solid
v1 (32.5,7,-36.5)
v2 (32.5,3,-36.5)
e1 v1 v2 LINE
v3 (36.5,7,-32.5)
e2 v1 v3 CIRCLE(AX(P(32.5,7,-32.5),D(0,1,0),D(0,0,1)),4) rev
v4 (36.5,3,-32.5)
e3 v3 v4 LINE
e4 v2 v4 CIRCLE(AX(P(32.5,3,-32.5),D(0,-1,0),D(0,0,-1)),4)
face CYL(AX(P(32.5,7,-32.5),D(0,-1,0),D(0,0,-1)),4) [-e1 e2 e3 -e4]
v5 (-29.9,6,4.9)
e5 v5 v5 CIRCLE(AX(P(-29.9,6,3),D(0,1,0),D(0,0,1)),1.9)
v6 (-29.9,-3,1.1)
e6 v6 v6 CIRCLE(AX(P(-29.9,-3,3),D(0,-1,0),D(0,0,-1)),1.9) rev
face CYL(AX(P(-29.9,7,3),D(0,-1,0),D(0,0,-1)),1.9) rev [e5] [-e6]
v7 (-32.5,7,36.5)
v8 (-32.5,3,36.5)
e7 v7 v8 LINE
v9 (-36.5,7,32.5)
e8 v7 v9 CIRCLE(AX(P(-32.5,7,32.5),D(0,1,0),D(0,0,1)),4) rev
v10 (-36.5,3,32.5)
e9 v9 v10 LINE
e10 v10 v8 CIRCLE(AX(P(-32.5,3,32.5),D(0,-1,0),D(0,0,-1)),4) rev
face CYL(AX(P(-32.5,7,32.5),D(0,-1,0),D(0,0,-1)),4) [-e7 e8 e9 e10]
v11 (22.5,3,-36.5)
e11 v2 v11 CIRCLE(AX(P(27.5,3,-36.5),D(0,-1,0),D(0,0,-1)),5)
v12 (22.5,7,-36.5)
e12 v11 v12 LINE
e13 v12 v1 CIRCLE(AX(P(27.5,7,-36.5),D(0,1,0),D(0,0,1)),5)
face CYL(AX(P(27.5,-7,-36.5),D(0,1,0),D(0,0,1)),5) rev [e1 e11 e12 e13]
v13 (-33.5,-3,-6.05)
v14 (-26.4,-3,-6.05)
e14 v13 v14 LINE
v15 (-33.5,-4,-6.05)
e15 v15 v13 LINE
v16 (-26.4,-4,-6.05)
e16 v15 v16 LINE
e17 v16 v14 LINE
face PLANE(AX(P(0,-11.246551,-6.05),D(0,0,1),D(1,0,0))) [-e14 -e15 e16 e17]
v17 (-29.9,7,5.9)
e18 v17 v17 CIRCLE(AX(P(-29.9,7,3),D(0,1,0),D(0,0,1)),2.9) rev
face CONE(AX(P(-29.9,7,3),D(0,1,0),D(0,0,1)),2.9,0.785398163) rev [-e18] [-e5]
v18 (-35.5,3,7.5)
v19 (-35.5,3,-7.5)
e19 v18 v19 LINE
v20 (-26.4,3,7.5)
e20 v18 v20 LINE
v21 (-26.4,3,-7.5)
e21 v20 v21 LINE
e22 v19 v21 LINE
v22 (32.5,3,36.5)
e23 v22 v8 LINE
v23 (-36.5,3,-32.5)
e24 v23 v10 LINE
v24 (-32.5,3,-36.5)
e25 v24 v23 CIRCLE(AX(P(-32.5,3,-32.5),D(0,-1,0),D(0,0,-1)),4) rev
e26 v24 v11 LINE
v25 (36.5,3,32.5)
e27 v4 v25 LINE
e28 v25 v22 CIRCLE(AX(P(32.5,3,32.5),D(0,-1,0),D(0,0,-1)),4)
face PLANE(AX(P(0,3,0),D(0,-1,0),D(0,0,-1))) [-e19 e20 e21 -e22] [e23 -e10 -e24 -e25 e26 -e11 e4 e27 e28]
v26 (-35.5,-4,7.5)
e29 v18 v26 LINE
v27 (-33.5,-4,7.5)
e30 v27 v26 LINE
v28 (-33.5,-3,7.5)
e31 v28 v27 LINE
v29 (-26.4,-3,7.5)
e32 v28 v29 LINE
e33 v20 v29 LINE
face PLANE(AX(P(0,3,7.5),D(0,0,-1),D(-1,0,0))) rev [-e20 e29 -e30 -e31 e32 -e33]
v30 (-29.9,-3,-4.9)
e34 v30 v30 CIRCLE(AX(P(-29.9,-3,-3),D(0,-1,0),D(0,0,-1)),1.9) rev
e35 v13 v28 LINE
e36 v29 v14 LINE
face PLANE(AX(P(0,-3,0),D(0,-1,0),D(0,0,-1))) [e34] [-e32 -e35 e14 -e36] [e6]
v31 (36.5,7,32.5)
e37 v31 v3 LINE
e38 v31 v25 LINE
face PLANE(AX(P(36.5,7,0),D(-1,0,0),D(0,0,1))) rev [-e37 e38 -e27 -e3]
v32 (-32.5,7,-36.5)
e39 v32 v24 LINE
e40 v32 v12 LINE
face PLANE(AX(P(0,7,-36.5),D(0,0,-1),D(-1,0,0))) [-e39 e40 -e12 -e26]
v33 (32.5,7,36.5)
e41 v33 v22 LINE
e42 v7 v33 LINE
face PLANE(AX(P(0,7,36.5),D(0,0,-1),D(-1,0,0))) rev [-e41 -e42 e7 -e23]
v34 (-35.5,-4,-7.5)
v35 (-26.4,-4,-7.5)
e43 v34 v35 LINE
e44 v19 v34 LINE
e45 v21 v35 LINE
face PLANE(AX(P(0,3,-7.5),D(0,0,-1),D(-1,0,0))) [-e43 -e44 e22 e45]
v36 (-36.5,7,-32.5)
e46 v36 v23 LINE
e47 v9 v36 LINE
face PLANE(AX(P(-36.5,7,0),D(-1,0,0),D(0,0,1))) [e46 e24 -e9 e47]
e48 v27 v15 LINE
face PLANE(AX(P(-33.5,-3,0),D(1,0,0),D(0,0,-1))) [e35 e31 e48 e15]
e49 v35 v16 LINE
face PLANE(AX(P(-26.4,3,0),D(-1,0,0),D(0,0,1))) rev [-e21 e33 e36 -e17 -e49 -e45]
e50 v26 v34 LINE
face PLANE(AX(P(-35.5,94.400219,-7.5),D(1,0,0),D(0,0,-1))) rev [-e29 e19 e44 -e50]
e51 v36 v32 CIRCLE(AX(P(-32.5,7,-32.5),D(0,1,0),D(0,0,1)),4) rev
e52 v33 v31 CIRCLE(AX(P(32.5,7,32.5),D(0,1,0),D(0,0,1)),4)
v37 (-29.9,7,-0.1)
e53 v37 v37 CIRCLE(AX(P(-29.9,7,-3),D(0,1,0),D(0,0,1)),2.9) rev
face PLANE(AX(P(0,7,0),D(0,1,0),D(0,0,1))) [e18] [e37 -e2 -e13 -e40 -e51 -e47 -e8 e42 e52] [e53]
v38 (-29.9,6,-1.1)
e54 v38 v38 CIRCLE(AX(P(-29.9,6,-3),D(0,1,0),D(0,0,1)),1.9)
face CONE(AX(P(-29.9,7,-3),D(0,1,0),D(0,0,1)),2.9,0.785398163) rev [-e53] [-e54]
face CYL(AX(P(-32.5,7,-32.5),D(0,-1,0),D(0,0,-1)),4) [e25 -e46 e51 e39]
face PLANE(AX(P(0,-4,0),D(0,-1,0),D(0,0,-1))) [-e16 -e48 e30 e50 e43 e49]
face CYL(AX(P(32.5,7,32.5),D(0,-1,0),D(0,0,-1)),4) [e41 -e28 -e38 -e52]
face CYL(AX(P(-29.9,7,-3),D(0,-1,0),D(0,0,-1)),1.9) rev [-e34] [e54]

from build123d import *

# Parameters (mm, degrees)
BOSS_EXTRUDE1_DEPTH = 7
SKETCH2_W           = 44.9
SKETCH2_H           = 67
CUT_EXTRUDE1_DEPTH  = 10
SKETCH3_R           = 1.9
CUT_EXTRUDE2_DEPTH  = 15
CHAMFER1_SIZE       = 1
SKETCH2_3_W         = 2
SKETCH2_3_H         = 15
CUT_EXTRUDE5_DEPTH  = 4
SKETCH7_W           = 2
SKETCH7_H           = 15
BOSS_EXTRUDE2_DEPTH = 1
CUT_EXTRUDE7_DEPTH  = 15
SKETCH11_W          = 7.1
SKETCH11_H          = 26
CUT_EXTRUDE9_DEPTH  = 6
CUT_EXTRUDE10_DEPTH = 10
SKETCH15_W          = 7.1
SKETCH15_H          = 1.45
BOSS_EXTRUDE3_DEPTH = 1


with BuildPart() as part:
    # Sketch1 → Boss-Extrude1 (new body, symmetric)
    with BuildSketch(Plane(origin=(0, 0, 0), x_dir=(1, 0, 0), z_dir=(0, 1, 0))):
        with BuildLine():
            ThreePointArc((-36.5, -32.5), (-36.358942749, -33.552882169), (-35.945719569, -34.531506006))
            Line((-35.945719569, -34.531506006), (0, 1.414213562))
            Line((0, 1.414213562), (-34.531506006, 35.945719569))
            ThreePointArc((-34.531506006, 35.945719569), (-35.973184708, 34.484184464), (-36.5, 32.5))
            Line((-36.5, 32.5), (-36.5, -32.5))
        make_face()
        with BuildLine():
            Line((-34.531506006, 35.945719569), (0, 1.414213562))
            Line((0, 1.414213562), (34.531506006, 35.945719569))
            ThreePointArc((34.531506006, 35.945719569), (33.552882169, 36.358942749), (32.5, 36.5))
            Line((32.5, 36.5), (-32.5, 36.5))
            ThreePointArc((-32.5, 36.5), (-33.552882169, 36.358942749), (-34.531506006, 35.945719569))
        make_face()
        with BuildLine():
            Line((0, 1.414213562), (35.945719569, -34.531506006))
            ThreePointArc((35.945719569, -34.531506006), (36.358942749, -33.552882169), (36.5, -32.5))
            Line((36.5, -32.5), (36.5, 32.5))
            ThreePointArc((36.5, 32.5), (35.973184708, 34.484184464), (34.531506006, 35.945719569))
            Line((34.531506006, 35.945719569), (0, 1.414213562))
        make_face()
        with BuildLine():
            ThreePointArc((-35.945719569, -34.531506006), (-34.484184464, -35.973184708), (-32.5, -36.5))
            Line((-32.5, -36.5), (32.5, -36.5))
            ThreePointArc((32.5, -36.5), (34.484184464, -35.973184708), (35.945719569, -34.531506006))
            Line((35.945719569, -34.531506006), (0, 1.414213562))
            Line((0, 1.414213562), (-35.945719569, -34.531506006))
        make_face()
    extrude(amount=BOSS_EXTRUDE1_DEPTH, both=True)

    # Sketch2 → Cut-Extrude1 (cut)
    with BuildSketch(Plane.XZ.offset(7)):
        with Locations((-3.95, 0)):
            Rectangle(SKETCH2_W, SKETCH2_H)
        with BuildLine():
            Line((18.5, 33.5), (18.5, -33.5))
            Line((18.5, -33.5), (18.5, -36.5))
            Line((18.5, -36.5), (32.5, -36.5))
            ThreePointArc((32.5, -36.5), (35.328427125, -35.328427125), (36.5, -32.5))
            Line((36.5, -32.5), (36.5, 32.5))
            ThreePointArc((36.5, 32.5), (35.328427125, 35.328427125), (32.5, 36.5))
            Line((32.5, 36.5), (18.5, 36.5))
            Line((18.5, 36.5), (18.5, 33.5))
        make_face()
    extrude(amount=-CUT_EXTRUDE1_DEPTH, mode=Mode.SUBTRACT)

    # Sketch3 → Cut-Extrude2 (cut, through all)
    with BuildSketch(Plane.XZ.offset(7)):
        with Locations((-29.9, 3)):
            Circle(SKETCH3_R)
        with Locations((-29.9, -3)):
            Circle(SKETCH3_R)
    extrude(amount=-CUT_EXTRUDE2_DEPTH, mode=Mode.SUBTRACT)

    # Chamfer1
    chamfer1_edges = [part.edges().sort_by_distance(p)[0] for p in [
        (-31.8, 7, 3),
        (-31.8, 7, -3),
    ]]
    chamfer(chamfer1_edges, length=CHAMFER1_SIZE)

    # Sketch2<3> → Cut-Extrude5 (cut)
    with BuildSketch(Plane.XZ.offset(7)):
        Polygon((-33.5, -7.5), (-33.5, -33.5), (-26.4, -33.5), (-26.4, 33.5), (-33.5, 33.5), (-33.5, 7.5), align=None)
        with Locations((-34.5, 0)):
            Rectangle(SKETCH2_3_W, SKETCH2_3_H)
    extrude(amount=-CUT_EXTRUDE5_DEPTH, mode=Mode.SUBTRACT)

    # Sketch7 → Boss-Extrude2 (add)
    with BuildSketch(Plane.XZ.offset(3)):
        with Locations((-34.5, 0)):
            Rectangle(SKETCH7_W, SKETCH7_H)
    extrude(amount=BOSS_EXTRUDE2_DEPTH)

    # Sketch9 → Cut-Extrude7 (cut, through all)
    with BuildSketch(Plane(origin=(0, 7, 0), x_dir=(1, 0, 0), z_dir=(0, 1, 0))):
        with BuildLine():
            Line((32.5, 36.5), (22.5, 36.5))
            ThreePointArc((22.5, 36.5), (27.5, 31.5), (32.5, 36.5))
        make_face()
    extrude(amount=-CUT_EXTRUDE7_DEPTH, mode=Mode.SUBTRACT)

    # Sketch11 → Cut-Extrude9 (cut)
    with BuildSketch(Plane.XZ.offset(3)):
        with Locations((-29.95, 20.5)):
            Rectangle(SKETCH11_W, SKETCH11_H)
        with Locations((-29.95, -20.5)):
            Rectangle(SKETCH11_W, SKETCH11_H)
    extrude(amount=-CUT_EXTRUDE9_DEPTH, mode=Mode.SUBTRACT)

    # Sketch13 → Cut-Extrude10 (cut)
    with BuildSketch(Plane.XZ.offset(7)):
        with BuildLine():
            Line((-32.5, -36.5), (18.5, -36.5))
            Line((18.5, -36.5), (18.5, -33.5))
            Line((18.5, -33.5), (-33.5, -33.5))
            Line((-33.5, -33.5), (-33.5, -7.5))
            Line((-33.5, -7.5), (-35.5, -7.5))
            Line((-35.5, -7.5), (-35.5, 7.5))
            Line((-35.5, 7.5), (-33.5, 7.5))
            Line((-33.5, 7.5), (-33.5, 33.5))
            Line((-33.5, 33.5), (18.5, 33.5))
            Line((18.5, 33.5), (18.5, 36.5))
            Line((18.5, 36.5), (-32.5, 36.5))
            ThreePointArc((-32.5, 36.5), (-35.328427125, 35.328427125), (-36.5, 32.5))
            Line((-36.5, 32.5), (-36.5, -32.5))
            ThreePointArc((-36.5, -32.5), (-35.328427125, -35.328427125), (-32.5, -36.5))
        make_face()
    extrude(amount=-CUT_EXTRUDE10_DEPTH, mode=Mode.SUBTRACT)

    # Sketch15 → Boss-Extrude3 (add)
    with BuildSketch(Plane.XZ.offset(3)):
        with Locations((-29.95, -6.775)):
            Rectangle(SKETCH15_W, SKETCH15_H)
    extrude(amount=BOSS_EXTRUDE3_DEPTH)


solid = part.part
